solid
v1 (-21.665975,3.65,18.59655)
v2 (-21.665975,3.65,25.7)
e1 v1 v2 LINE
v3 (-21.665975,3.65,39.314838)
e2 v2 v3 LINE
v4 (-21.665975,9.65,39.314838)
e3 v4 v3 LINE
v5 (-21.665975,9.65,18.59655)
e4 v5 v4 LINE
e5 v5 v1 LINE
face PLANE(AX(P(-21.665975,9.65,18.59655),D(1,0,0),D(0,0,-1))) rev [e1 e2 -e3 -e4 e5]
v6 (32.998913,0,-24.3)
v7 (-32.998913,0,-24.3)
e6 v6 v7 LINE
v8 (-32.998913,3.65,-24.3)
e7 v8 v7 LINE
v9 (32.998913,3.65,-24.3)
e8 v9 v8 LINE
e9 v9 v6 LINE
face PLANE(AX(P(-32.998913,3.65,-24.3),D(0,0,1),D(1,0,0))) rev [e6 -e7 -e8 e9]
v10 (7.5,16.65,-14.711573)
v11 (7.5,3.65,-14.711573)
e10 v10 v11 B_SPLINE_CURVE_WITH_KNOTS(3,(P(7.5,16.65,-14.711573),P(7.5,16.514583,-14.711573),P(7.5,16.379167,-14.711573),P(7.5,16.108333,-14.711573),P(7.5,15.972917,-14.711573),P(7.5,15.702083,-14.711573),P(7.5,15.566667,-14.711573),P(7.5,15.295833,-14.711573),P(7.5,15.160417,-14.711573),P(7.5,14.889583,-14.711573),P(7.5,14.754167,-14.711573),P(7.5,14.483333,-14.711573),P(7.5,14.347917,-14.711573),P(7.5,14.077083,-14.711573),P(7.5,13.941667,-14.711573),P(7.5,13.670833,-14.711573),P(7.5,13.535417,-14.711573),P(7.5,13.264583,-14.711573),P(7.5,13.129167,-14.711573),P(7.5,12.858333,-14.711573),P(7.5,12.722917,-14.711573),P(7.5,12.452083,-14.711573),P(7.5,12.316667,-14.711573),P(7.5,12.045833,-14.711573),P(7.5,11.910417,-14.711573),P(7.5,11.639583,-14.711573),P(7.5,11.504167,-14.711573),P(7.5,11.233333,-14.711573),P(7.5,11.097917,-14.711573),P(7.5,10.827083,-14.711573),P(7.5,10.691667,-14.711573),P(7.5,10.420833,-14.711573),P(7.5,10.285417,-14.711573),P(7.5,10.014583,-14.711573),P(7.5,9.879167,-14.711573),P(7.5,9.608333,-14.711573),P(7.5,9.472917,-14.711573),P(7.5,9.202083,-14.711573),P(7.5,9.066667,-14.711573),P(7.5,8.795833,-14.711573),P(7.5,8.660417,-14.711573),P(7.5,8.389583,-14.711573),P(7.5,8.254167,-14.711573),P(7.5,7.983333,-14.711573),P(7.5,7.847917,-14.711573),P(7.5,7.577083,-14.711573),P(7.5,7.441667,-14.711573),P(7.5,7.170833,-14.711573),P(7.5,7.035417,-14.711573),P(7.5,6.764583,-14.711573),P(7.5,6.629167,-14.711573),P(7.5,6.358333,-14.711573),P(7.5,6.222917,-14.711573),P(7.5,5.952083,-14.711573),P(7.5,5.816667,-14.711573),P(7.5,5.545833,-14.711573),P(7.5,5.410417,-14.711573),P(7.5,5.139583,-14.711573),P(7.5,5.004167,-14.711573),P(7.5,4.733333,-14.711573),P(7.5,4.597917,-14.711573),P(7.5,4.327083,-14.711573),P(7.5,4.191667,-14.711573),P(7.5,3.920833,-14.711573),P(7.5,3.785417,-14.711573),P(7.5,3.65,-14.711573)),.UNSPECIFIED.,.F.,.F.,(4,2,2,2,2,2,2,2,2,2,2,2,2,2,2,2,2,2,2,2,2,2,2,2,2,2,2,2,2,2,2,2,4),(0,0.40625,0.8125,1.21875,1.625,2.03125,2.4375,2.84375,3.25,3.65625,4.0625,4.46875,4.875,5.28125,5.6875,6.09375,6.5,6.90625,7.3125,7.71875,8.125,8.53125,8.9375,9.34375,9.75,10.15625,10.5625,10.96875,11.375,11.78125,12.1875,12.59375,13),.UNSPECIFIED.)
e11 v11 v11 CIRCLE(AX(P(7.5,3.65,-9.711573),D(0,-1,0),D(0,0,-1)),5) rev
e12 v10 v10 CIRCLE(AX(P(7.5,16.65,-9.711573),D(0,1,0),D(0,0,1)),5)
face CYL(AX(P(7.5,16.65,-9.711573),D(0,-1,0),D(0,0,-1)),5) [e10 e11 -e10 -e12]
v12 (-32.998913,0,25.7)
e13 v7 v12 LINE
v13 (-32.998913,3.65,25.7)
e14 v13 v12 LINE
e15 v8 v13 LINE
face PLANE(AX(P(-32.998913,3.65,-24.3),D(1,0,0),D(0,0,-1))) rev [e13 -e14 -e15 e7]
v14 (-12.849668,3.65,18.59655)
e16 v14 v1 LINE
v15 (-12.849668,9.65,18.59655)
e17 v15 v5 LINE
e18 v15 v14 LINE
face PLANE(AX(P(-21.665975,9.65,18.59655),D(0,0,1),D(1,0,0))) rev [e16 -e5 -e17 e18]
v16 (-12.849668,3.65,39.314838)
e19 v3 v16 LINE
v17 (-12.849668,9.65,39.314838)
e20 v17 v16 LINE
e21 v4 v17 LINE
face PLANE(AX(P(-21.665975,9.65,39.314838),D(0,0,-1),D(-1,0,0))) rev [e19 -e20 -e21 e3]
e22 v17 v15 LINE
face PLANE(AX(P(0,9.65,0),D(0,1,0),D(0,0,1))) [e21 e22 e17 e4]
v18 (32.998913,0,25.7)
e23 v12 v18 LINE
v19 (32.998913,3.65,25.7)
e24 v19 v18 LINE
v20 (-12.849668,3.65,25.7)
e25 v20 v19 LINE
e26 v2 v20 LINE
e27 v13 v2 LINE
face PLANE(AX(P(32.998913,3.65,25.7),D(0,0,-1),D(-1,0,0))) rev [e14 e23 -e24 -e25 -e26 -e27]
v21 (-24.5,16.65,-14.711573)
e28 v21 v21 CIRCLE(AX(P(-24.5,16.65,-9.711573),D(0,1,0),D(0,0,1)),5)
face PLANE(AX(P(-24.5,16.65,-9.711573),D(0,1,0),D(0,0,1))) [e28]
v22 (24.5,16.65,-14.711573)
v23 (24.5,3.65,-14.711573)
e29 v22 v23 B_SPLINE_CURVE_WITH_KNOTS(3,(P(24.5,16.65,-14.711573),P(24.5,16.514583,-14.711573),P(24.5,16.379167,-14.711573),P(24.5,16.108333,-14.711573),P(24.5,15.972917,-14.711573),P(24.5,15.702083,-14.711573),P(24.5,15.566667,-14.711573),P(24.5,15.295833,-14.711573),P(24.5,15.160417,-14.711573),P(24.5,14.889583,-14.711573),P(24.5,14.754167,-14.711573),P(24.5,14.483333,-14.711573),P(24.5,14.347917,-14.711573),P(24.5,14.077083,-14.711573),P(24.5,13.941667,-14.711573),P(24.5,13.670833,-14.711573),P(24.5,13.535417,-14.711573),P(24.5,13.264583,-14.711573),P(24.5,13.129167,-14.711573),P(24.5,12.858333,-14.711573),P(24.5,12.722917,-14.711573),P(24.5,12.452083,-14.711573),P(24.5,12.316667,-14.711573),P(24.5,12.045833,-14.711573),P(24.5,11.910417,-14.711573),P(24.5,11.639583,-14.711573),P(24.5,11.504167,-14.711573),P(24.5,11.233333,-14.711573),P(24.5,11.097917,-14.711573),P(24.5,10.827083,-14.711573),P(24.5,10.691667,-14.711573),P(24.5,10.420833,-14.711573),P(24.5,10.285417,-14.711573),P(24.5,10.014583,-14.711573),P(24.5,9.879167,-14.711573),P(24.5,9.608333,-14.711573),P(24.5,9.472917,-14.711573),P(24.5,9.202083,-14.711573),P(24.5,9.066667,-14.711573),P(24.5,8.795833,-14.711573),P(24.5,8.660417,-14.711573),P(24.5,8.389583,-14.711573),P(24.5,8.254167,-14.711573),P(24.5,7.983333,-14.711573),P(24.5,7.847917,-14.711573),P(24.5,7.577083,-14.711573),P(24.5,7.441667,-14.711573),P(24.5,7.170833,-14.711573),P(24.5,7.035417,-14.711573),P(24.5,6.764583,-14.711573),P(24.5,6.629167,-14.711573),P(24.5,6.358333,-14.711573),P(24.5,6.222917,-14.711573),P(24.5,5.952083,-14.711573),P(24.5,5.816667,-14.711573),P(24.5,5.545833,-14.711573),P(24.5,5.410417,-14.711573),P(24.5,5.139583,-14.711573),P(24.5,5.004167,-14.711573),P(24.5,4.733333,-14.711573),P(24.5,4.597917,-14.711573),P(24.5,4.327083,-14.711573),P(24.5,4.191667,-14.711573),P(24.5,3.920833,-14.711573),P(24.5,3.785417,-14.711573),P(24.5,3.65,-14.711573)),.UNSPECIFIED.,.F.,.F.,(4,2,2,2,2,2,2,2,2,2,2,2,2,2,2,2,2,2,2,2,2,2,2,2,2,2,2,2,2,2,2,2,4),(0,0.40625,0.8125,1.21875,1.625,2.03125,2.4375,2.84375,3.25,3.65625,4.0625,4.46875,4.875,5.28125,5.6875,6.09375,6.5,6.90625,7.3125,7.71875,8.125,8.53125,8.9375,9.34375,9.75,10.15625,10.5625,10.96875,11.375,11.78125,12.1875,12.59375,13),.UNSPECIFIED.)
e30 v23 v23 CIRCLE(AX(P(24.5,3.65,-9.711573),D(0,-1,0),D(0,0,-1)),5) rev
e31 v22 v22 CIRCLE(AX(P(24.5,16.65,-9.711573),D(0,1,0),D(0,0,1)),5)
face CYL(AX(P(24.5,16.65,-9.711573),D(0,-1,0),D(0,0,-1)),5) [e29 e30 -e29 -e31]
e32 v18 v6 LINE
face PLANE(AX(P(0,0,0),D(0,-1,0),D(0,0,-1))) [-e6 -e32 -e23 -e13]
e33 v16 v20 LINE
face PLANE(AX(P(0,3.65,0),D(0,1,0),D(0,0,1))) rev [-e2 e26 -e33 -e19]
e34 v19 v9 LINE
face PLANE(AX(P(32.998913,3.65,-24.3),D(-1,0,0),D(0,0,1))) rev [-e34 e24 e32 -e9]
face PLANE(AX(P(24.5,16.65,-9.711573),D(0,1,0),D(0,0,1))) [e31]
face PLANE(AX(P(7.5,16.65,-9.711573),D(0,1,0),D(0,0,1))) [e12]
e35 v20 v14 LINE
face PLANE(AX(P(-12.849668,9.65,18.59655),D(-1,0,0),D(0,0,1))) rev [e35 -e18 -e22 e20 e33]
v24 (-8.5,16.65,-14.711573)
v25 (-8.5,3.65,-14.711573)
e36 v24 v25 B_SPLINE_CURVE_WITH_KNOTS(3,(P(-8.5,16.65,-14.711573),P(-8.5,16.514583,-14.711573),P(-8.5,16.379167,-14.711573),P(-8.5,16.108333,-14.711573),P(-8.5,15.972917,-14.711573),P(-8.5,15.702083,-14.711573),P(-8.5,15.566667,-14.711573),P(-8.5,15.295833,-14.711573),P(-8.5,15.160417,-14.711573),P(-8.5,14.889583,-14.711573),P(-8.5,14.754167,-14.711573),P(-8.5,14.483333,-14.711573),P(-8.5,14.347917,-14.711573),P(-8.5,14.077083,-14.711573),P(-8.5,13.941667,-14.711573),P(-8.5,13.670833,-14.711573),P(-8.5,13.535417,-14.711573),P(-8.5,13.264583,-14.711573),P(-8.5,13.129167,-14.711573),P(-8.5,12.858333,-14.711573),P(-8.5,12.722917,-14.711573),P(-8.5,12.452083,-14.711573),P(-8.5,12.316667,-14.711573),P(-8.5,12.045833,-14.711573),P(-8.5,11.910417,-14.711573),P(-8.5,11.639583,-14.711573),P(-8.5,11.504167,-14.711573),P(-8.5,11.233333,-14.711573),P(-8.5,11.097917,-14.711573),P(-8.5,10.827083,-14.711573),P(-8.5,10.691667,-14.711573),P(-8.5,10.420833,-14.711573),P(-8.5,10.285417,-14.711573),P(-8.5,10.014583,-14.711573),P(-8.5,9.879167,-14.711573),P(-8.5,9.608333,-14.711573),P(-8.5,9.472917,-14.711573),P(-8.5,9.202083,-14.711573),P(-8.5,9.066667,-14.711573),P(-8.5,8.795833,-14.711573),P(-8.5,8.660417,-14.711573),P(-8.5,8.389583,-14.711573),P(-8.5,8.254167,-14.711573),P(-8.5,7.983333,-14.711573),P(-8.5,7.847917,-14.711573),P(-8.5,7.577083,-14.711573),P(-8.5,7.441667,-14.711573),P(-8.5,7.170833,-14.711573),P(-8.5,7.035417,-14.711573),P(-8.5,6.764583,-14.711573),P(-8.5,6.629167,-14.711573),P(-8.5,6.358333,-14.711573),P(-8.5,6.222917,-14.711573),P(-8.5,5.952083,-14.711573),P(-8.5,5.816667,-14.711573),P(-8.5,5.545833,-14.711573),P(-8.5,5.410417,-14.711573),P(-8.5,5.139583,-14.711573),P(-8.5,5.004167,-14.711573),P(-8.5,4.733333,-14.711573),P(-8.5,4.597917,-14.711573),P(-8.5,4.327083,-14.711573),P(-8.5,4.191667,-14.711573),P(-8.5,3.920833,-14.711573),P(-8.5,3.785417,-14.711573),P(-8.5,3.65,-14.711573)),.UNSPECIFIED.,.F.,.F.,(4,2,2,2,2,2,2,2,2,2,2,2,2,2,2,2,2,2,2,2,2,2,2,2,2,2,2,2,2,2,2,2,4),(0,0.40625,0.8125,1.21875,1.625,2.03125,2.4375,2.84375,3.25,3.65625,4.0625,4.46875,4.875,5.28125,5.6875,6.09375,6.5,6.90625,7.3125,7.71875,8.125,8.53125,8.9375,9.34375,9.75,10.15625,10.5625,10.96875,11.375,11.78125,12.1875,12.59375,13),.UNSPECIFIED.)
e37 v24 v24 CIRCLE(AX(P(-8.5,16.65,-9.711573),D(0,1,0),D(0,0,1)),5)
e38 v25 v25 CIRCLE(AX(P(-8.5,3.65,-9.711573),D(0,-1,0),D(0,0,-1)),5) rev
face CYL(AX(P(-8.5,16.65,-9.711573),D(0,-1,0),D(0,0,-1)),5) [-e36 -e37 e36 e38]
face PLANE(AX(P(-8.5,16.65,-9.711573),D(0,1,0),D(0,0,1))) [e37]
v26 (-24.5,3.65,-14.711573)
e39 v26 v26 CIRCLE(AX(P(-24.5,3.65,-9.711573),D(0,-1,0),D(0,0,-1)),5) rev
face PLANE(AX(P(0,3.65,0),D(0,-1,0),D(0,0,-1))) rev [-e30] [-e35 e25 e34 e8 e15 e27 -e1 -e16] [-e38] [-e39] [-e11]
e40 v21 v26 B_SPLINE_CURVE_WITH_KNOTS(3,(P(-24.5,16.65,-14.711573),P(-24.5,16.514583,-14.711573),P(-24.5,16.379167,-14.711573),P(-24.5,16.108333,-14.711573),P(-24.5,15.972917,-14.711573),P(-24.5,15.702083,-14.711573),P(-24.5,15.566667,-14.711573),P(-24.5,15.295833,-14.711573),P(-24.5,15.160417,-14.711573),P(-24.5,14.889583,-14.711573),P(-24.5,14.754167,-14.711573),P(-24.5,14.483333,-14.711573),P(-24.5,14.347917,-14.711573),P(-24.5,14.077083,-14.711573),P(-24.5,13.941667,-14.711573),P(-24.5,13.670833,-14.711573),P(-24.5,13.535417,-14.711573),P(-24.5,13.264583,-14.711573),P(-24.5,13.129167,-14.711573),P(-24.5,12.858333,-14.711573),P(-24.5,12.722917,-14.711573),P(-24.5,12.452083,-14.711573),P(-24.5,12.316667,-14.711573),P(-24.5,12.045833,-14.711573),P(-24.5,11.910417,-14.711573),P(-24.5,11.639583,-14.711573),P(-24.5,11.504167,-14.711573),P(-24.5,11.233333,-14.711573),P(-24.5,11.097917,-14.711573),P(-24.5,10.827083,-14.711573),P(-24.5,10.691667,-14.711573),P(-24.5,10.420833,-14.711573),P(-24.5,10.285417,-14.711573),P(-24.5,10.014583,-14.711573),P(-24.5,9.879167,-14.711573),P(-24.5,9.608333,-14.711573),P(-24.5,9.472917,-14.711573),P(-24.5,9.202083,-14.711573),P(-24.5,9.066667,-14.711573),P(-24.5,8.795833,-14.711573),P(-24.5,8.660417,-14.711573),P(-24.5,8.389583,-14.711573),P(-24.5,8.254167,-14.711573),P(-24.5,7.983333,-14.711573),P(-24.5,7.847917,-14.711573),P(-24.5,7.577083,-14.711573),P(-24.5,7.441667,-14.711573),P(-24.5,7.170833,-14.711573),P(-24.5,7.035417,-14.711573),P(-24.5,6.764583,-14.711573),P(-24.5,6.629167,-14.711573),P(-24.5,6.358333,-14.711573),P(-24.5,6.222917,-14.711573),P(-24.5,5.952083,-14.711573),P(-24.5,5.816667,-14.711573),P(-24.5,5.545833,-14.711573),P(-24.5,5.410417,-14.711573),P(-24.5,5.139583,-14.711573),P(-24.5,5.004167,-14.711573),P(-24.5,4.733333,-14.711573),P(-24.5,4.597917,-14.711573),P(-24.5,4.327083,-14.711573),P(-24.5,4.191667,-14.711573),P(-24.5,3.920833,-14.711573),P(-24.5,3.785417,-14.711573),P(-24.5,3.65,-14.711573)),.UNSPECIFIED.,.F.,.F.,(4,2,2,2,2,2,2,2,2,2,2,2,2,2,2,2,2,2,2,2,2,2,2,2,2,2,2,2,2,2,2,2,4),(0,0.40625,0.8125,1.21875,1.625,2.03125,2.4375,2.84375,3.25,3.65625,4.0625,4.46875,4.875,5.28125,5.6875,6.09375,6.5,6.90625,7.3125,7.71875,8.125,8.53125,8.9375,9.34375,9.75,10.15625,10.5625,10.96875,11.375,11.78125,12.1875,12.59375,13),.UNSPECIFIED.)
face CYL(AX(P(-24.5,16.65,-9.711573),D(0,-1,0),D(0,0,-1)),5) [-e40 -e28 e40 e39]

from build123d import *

# Parameters (mm, degrees)
SKETCH1_W           = 65.997826612
SKETCH1_H           = 50
BOSS_EXTRUDE1_DEPTH = 3.65
SKETCH2_R           = 5
BOSS_EXTRUDE2_DEPTH = 13
SKETCH3_W           = 8.816306995
SKETCH3_H           = 20.718287769
BOSS_EXTRUDE3_DEPTH = 6


with BuildPart() as part:
    # Sketch1 → Boss-Extrude1 (new body)
    with BuildSketch(Plane(origin=(0, 0, 0), x_dir=(1, 0, 0), z_dir=(0, 1, 0))):
        with Locations((0, -0.7)):
            Rectangle(SKETCH1_W, SKETCH1_H)
    extrude(amount=BOSS_EXTRUDE1_DEPTH)

    # Sketch2 → Boss-Extrude2 (add)
    with BuildSketch(Plane(origin=(0, 3.65, 0), x_dir=(1, 0, 0), z_dir=(0, 1, 0))):
        with Locations(Location((-24.5, 9.711573264, 0), (0, 0, 90))):
            Circle(SKETCH2_R)
        with Locations(Location((-8.5, 9.711573264, 0), (0, 0, 90))):
            Circle(SKETCH2_R)
        with Locations(Location((7.5, 9.711573264, 0), (0, 0, 90))):
            Circle(SKETCH2_R)
        with Locations(Location((24.5, 9.711573264, 0), (0, 0, 90))):
            Circle(SKETCH2_R)
    extrude(amount=BOSS_EXTRUDE2_DEPTH)

    # Sketch3 → Boss-Extrude3 (add)
    with BuildSketch(Plane(origin=(0, 3.65, 0), x_dir=(1, 0, 0), z_dir=(0, 1, 0))):
        with Locations((-17.257821891, -28.955694161)):
            Rectangle(SKETCH3_W, SKETCH3_H)
    extrude(amount=BOSS_EXTRUDE3_DEPTH)


solid = part.part
